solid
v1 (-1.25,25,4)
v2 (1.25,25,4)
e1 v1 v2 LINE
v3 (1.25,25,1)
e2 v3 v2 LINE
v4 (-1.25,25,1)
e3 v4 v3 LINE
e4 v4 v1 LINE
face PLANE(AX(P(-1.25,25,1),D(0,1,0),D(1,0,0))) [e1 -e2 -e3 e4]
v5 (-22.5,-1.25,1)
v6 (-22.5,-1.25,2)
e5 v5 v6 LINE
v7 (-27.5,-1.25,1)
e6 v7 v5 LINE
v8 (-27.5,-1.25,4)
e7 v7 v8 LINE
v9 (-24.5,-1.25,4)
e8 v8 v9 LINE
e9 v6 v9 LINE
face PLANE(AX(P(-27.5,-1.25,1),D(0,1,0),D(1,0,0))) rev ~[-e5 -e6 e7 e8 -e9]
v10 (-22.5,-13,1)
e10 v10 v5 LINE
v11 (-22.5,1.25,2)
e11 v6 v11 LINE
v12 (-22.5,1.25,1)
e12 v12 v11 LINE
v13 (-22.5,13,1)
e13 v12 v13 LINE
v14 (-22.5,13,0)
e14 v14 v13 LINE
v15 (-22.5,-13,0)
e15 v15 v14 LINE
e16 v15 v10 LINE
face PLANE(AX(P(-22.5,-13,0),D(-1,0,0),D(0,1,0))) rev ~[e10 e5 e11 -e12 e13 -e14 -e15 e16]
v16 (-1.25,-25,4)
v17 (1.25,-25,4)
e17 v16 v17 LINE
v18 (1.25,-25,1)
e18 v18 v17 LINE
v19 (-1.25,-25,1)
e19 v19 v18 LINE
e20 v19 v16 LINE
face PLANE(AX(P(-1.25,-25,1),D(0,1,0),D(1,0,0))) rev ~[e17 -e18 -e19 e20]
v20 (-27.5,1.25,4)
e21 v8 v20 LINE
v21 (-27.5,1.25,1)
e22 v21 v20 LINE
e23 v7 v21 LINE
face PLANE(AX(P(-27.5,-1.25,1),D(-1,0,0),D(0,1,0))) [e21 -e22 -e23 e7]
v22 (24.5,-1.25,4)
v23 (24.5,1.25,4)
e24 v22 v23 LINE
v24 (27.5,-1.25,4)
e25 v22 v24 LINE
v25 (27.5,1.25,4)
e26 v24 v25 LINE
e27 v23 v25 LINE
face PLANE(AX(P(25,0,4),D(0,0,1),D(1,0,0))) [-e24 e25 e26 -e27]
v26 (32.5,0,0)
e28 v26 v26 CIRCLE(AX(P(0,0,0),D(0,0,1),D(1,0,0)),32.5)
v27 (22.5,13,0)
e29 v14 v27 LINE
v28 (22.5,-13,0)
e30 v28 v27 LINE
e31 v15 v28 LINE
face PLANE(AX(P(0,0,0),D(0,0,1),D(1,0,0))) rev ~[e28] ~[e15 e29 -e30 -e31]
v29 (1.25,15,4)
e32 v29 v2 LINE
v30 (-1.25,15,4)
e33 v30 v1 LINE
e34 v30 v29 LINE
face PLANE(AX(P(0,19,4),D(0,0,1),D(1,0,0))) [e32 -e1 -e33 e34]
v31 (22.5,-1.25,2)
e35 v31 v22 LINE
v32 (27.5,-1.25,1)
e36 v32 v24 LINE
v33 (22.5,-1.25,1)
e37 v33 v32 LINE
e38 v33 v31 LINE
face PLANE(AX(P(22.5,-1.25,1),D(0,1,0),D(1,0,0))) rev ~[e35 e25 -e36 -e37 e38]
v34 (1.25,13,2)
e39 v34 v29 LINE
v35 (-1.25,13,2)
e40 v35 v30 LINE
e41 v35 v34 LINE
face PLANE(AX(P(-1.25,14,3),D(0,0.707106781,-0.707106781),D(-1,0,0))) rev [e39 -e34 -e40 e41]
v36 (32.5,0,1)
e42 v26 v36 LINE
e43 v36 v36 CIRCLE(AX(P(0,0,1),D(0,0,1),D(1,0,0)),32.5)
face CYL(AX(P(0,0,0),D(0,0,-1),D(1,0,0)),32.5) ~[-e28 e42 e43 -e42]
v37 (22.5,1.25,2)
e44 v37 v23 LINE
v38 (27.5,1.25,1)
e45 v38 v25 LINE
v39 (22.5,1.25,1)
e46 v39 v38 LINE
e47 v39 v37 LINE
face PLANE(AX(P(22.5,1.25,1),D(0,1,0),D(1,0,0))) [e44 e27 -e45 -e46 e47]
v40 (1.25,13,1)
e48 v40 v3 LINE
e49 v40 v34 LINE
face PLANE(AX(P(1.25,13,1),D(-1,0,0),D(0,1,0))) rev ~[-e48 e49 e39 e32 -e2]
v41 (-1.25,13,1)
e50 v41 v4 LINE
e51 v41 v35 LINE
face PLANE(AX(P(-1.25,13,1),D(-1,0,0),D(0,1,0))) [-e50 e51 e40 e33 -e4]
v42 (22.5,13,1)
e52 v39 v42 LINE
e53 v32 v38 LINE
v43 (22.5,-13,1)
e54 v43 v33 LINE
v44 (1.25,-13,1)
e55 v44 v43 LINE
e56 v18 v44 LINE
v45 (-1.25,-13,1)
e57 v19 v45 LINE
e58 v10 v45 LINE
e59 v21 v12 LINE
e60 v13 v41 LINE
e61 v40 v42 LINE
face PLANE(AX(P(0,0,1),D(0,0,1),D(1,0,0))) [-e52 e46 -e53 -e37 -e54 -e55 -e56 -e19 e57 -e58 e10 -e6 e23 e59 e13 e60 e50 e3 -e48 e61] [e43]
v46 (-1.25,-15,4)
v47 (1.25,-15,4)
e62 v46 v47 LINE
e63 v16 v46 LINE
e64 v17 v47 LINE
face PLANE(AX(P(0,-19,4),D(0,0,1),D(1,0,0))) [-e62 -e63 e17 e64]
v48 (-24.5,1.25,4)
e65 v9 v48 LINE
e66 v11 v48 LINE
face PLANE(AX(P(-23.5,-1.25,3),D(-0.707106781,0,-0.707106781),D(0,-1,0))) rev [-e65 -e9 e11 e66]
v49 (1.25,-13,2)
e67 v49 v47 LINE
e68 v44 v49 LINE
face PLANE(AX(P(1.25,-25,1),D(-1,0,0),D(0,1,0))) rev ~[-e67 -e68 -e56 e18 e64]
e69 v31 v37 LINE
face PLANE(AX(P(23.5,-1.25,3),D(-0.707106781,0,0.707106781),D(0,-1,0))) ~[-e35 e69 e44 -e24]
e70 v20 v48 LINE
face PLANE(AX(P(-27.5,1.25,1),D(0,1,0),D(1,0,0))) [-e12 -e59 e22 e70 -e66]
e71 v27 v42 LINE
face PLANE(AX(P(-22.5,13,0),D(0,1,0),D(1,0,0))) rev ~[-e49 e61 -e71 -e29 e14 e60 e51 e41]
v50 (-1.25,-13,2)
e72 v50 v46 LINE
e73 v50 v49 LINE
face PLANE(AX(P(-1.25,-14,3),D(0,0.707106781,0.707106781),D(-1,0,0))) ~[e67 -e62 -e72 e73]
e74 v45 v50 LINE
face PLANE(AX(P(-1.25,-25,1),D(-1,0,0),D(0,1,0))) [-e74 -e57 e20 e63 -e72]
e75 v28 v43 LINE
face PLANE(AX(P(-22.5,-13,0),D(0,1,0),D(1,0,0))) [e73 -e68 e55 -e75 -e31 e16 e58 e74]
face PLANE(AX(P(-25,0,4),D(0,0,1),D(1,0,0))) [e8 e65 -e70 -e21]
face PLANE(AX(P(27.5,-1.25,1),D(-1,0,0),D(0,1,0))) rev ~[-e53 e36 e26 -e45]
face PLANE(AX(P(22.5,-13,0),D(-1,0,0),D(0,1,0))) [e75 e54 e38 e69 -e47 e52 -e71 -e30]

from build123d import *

# Parameters (mm, degrees)
F0_R     = 32.5
F0_W     = 45
F0_H     = 26
F1_DEPTH = 1
F2_W     = 2.5
F2_H     = 12
F2_W_2   = 5
F2_H_2   = 2.5
F3_DEPTH = 3
F4_SIZE  = 2


with BuildPart() as f1:
    # F0 (on Top) → F1 (new body)
    with BuildSketch(Plane.XY):
        Circle(F0_R)
        Rectangle(F0_W, F0_H, mode=Mode.SUBTRACT)
    extrude(amount=F1_DEPTH)

    # F2 (on face) → F3 (join)
    with BuildSketch(Plane.XY.offset(1)):
        with Locations((0, 19)):
            Rectangle(F2_W, F2_H)
        with Locations((0, -19)):
            Rectangle(F2_W, F2_H)
        with Locations((-25, 0)):
            Rectangle(F2_W_2, F2_H_2)
        with Locations((25, 0)):
            Rectangle(F2_W_2, F2_H_2)
    extrude(amount=F3_DEPTH)

    # F4
    f4_edges = [f1.edges().sort_by_distance(p)[0] for p in [
        (-22.5, 0, 4),
        (22.5, 0, 4),
        (0, 13, 4),
        (0, -13, 4),
    ]]
    chamfer(f4_edges, length=F4_SIZE)


solid = f1.part
